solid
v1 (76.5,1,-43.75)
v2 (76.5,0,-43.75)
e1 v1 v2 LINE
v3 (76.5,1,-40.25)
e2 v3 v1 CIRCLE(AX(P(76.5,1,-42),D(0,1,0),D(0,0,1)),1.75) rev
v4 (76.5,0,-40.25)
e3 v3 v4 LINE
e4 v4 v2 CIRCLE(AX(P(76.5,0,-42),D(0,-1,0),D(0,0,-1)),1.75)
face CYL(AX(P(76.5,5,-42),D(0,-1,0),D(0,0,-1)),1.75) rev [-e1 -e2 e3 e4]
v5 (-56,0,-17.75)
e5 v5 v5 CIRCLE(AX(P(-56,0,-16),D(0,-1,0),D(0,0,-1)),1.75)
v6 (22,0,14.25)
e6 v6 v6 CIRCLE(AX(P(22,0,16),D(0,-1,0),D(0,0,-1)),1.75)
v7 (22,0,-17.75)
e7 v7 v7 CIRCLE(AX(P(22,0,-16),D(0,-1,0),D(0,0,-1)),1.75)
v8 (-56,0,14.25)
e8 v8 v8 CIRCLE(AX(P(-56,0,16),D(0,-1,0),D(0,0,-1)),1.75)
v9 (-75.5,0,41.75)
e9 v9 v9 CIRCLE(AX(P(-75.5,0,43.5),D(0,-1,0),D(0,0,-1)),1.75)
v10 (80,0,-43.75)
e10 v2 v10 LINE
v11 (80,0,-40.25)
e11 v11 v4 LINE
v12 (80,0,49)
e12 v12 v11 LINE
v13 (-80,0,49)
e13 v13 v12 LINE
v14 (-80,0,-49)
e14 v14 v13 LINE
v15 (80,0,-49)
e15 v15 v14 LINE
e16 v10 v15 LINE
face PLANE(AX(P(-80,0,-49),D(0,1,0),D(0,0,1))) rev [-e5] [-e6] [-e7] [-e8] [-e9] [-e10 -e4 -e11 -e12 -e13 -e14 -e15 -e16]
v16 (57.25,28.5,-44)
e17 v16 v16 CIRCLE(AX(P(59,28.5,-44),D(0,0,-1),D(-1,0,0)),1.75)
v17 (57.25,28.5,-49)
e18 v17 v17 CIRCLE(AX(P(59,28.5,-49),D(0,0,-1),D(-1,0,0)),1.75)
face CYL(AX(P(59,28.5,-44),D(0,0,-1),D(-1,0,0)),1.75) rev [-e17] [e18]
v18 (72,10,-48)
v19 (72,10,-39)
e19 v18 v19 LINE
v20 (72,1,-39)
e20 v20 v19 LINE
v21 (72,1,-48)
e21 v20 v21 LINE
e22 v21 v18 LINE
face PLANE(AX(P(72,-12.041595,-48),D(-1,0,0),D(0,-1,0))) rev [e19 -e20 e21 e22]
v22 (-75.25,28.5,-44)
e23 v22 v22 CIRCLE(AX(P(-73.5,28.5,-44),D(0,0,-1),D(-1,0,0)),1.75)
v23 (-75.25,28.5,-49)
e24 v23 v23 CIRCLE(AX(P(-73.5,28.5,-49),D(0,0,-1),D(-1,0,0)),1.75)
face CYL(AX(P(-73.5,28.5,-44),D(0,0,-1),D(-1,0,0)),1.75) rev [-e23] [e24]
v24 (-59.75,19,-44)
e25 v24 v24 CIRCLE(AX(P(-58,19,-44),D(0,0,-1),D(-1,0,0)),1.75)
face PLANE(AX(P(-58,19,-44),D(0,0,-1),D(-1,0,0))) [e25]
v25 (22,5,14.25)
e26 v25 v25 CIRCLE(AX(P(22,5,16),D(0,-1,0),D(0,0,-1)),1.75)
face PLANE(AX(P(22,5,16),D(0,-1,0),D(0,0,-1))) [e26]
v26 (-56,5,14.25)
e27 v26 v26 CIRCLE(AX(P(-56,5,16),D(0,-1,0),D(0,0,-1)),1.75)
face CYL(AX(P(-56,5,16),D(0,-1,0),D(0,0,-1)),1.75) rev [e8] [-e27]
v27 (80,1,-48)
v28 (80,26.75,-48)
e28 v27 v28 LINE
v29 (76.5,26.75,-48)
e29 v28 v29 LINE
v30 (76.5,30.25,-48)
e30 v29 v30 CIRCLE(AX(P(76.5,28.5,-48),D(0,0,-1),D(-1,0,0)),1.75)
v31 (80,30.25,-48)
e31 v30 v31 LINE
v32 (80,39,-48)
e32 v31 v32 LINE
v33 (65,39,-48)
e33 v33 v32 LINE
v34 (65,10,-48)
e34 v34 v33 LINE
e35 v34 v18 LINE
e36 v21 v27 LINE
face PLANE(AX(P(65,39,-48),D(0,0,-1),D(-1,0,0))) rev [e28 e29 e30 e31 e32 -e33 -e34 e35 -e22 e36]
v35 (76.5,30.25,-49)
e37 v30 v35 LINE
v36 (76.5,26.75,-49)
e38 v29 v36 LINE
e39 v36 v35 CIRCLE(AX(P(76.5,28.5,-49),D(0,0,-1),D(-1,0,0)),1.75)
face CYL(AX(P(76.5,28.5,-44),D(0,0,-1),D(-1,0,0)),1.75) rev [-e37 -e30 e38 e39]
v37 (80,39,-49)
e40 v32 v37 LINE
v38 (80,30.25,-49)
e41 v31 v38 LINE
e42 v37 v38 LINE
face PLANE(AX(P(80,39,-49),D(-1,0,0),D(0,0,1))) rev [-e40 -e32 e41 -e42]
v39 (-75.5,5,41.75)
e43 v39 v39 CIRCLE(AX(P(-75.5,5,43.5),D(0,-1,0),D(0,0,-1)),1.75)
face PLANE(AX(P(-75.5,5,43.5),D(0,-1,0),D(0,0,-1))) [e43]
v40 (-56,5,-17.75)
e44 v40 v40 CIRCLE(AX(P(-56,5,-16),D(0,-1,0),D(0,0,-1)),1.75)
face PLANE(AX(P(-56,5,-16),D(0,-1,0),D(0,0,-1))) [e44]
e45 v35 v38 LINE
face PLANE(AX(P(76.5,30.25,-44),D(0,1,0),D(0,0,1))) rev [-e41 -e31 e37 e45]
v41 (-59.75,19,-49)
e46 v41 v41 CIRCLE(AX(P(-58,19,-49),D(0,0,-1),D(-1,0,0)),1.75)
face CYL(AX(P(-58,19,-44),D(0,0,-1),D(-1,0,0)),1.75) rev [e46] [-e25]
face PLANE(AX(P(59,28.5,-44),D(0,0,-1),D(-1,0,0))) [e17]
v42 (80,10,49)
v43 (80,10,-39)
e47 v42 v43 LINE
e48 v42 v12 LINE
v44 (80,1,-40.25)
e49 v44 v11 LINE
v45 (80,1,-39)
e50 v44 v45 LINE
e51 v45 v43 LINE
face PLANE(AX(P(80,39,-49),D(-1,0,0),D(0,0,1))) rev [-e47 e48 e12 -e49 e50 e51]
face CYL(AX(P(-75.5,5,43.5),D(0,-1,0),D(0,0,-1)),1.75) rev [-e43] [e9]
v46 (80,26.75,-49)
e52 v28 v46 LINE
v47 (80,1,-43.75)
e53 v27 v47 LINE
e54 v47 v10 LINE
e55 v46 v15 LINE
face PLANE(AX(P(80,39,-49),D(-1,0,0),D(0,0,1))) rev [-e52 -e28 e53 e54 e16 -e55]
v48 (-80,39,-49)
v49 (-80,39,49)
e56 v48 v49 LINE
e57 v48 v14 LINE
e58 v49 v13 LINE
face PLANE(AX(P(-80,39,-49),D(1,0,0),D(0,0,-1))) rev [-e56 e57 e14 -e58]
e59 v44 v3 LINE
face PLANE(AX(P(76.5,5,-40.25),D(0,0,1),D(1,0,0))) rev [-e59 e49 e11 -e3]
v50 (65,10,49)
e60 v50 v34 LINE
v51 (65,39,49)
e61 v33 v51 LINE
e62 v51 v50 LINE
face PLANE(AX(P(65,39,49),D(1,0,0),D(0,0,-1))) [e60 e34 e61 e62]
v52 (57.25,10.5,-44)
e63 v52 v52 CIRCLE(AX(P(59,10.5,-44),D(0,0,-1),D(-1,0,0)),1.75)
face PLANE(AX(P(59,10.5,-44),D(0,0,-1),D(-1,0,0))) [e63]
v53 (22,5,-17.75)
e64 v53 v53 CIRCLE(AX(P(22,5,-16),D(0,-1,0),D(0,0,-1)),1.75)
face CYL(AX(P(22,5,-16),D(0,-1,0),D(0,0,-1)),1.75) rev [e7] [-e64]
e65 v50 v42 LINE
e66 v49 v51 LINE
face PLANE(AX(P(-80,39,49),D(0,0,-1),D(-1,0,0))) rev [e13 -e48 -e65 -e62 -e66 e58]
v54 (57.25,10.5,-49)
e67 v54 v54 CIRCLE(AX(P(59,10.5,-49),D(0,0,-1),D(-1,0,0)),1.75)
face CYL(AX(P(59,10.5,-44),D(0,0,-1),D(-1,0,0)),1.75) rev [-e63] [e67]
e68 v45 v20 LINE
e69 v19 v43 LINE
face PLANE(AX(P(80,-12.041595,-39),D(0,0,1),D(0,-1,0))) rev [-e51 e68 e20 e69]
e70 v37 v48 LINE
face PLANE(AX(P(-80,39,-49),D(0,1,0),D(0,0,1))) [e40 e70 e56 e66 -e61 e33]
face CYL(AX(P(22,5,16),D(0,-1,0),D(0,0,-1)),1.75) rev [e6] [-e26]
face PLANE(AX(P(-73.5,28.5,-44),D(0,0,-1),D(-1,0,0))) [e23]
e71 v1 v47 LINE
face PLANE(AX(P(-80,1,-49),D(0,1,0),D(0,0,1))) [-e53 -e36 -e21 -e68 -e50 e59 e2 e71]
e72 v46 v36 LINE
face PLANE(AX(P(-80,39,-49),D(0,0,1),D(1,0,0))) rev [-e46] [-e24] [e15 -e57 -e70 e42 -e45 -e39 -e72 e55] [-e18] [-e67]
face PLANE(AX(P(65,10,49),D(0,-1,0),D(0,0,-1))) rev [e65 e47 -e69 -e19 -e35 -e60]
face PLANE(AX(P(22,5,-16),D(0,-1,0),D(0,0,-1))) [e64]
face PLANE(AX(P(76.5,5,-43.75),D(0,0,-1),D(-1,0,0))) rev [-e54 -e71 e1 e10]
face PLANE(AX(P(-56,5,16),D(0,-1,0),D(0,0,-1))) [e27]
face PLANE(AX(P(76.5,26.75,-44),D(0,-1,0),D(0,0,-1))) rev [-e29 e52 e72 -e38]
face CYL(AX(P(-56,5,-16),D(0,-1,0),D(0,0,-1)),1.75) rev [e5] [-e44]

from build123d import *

# Parameters (mm, degrees)
SKETCH_1_W          = 160
SKETCH_1_H          = 98
EXTRUDE_1_DEPTH     = 39
SKETCH_2_W          = 97
SKETCH_2_H          = 29
CUT_EXTRUDE_1_DEPTH = 15
SKETCH_3_R          = 1.75
CUT_EXTRUDE_2_DEPTH = 5
SKETCH_4_R          = 1.75
CUT_EXTRUDE_3_DEPTH = 5
SKETCH_5_W          = 8
SKETCH_5_H          = 9
CUT_EXTRUDE_4_DEPTH = 9


with BuildPart() as part:
    # 草图1 → 拉伸1 (new body)
    with BuildSketch(Plane(origin=(0, 0, 0), x_dir=(1, 0, 0), z_dir=(0, 1, 0))):
        Rectangle(SKETCH_1_W, SKETCH_1_H)
    extrude(amount=EXTRUDE_1_DEPTH)

    # 草图2 → 切除-拉伸1 (cut)
    with BuildSketch(Plane(origin=(80, 0, 0), x_dir=(0, 0, -1), z_dir=(1, 0, 0))):
        with Locations((-0.5, 24.5)):
            Rectangle(SKETCH_2_W, SKETCH_2_H)
    extrude(amount=-CUT_EXTRUDE_1_DEPTH, mode=Mode.SUBTRACT)

    # 草图3 → 切除-拉伸2 (cut)
    with BuildSketch(Plane(origin=(0, 0, -49), x_dir=(-1, 0, 0), z_dir=(0, 0, -1))):
        with Locations((-59, 28.5)):
            Circle(SKETCH_3_R)
        with Locations((73.5, 28.5)):
            Circle(SKETCH_3_R)
        with Locations((58, 19)):
            Circle(SKETCH_3_R)
        with Locations((-59, 10.5)):
            Circle(SKETCH_3_R)
        with BuildLine():
            Line((-76.5, 30.25), (-80, 30.25))
            Line((-80, 30.25), (-80, 26.75))
            Line((-80, 26.75), (-76.5, 26.75))
            ThreePointArc((-76.5, 26.75), (-74.75, 28.5), (-76.5, 30.25))
        make_face()
    extrude(amount=-CUT_EXTRUDE_2_DEPTH, mode=Mode.SUBTRACT)

    # 草图4 → 切除-拉伸3 (cut)
    with BuildSketch(Plane.XZ):
        with Locations(Location((22, -16, 0), (0, 0, 270))):
            Circle(SKETCH_4_R)
        with Locations(Location((22, 16, 0), (0, 0, 270))):
            Circle(SKETCH_4_R)
        with Locations(Location((-56, -16, 0), (0, 0, 270))):
            Circle(SKETCH_4_R)
        with Locations(Location((-56, 16, 0), (0, 0, 270))):
            Circle(SKETCH_4_R)
        with Locations(Location((-75.5, 43.5, 0), (0, 0, 270))):
            Circle(SKETCH_4_R)
        with BuildLine():
            Line((76.5, -43.75), (80, -43.75))
            Line((80, -43.75), (80, -40.25))
            Line((80, -40.25), (76.5, -40.25))
            ThreePointArc((76.5, -40.25), (74.75, -42), (76.5, -43.75))
        make_face()
    extrude(amount=-CUT_EXTRUDE_3_DEPTH, mode=Mode.SUBTRACT)

    # 草图5 → 切除-拉伸4 (cut)
    with BuildSketch(Plane(origin=(0, 10, 0), x_dir=(-1, 0, 0), z_dir=(0, 1, 0))):
        with Locations((-76, -43.5)):
            Rectangle(SKETCH_5_W, SKETCH_5_H)
    extrude(amount=-CUT_EXTRUDE_4_DEPTH, mode=Mode.SUBTRACT)


solid = part.part
